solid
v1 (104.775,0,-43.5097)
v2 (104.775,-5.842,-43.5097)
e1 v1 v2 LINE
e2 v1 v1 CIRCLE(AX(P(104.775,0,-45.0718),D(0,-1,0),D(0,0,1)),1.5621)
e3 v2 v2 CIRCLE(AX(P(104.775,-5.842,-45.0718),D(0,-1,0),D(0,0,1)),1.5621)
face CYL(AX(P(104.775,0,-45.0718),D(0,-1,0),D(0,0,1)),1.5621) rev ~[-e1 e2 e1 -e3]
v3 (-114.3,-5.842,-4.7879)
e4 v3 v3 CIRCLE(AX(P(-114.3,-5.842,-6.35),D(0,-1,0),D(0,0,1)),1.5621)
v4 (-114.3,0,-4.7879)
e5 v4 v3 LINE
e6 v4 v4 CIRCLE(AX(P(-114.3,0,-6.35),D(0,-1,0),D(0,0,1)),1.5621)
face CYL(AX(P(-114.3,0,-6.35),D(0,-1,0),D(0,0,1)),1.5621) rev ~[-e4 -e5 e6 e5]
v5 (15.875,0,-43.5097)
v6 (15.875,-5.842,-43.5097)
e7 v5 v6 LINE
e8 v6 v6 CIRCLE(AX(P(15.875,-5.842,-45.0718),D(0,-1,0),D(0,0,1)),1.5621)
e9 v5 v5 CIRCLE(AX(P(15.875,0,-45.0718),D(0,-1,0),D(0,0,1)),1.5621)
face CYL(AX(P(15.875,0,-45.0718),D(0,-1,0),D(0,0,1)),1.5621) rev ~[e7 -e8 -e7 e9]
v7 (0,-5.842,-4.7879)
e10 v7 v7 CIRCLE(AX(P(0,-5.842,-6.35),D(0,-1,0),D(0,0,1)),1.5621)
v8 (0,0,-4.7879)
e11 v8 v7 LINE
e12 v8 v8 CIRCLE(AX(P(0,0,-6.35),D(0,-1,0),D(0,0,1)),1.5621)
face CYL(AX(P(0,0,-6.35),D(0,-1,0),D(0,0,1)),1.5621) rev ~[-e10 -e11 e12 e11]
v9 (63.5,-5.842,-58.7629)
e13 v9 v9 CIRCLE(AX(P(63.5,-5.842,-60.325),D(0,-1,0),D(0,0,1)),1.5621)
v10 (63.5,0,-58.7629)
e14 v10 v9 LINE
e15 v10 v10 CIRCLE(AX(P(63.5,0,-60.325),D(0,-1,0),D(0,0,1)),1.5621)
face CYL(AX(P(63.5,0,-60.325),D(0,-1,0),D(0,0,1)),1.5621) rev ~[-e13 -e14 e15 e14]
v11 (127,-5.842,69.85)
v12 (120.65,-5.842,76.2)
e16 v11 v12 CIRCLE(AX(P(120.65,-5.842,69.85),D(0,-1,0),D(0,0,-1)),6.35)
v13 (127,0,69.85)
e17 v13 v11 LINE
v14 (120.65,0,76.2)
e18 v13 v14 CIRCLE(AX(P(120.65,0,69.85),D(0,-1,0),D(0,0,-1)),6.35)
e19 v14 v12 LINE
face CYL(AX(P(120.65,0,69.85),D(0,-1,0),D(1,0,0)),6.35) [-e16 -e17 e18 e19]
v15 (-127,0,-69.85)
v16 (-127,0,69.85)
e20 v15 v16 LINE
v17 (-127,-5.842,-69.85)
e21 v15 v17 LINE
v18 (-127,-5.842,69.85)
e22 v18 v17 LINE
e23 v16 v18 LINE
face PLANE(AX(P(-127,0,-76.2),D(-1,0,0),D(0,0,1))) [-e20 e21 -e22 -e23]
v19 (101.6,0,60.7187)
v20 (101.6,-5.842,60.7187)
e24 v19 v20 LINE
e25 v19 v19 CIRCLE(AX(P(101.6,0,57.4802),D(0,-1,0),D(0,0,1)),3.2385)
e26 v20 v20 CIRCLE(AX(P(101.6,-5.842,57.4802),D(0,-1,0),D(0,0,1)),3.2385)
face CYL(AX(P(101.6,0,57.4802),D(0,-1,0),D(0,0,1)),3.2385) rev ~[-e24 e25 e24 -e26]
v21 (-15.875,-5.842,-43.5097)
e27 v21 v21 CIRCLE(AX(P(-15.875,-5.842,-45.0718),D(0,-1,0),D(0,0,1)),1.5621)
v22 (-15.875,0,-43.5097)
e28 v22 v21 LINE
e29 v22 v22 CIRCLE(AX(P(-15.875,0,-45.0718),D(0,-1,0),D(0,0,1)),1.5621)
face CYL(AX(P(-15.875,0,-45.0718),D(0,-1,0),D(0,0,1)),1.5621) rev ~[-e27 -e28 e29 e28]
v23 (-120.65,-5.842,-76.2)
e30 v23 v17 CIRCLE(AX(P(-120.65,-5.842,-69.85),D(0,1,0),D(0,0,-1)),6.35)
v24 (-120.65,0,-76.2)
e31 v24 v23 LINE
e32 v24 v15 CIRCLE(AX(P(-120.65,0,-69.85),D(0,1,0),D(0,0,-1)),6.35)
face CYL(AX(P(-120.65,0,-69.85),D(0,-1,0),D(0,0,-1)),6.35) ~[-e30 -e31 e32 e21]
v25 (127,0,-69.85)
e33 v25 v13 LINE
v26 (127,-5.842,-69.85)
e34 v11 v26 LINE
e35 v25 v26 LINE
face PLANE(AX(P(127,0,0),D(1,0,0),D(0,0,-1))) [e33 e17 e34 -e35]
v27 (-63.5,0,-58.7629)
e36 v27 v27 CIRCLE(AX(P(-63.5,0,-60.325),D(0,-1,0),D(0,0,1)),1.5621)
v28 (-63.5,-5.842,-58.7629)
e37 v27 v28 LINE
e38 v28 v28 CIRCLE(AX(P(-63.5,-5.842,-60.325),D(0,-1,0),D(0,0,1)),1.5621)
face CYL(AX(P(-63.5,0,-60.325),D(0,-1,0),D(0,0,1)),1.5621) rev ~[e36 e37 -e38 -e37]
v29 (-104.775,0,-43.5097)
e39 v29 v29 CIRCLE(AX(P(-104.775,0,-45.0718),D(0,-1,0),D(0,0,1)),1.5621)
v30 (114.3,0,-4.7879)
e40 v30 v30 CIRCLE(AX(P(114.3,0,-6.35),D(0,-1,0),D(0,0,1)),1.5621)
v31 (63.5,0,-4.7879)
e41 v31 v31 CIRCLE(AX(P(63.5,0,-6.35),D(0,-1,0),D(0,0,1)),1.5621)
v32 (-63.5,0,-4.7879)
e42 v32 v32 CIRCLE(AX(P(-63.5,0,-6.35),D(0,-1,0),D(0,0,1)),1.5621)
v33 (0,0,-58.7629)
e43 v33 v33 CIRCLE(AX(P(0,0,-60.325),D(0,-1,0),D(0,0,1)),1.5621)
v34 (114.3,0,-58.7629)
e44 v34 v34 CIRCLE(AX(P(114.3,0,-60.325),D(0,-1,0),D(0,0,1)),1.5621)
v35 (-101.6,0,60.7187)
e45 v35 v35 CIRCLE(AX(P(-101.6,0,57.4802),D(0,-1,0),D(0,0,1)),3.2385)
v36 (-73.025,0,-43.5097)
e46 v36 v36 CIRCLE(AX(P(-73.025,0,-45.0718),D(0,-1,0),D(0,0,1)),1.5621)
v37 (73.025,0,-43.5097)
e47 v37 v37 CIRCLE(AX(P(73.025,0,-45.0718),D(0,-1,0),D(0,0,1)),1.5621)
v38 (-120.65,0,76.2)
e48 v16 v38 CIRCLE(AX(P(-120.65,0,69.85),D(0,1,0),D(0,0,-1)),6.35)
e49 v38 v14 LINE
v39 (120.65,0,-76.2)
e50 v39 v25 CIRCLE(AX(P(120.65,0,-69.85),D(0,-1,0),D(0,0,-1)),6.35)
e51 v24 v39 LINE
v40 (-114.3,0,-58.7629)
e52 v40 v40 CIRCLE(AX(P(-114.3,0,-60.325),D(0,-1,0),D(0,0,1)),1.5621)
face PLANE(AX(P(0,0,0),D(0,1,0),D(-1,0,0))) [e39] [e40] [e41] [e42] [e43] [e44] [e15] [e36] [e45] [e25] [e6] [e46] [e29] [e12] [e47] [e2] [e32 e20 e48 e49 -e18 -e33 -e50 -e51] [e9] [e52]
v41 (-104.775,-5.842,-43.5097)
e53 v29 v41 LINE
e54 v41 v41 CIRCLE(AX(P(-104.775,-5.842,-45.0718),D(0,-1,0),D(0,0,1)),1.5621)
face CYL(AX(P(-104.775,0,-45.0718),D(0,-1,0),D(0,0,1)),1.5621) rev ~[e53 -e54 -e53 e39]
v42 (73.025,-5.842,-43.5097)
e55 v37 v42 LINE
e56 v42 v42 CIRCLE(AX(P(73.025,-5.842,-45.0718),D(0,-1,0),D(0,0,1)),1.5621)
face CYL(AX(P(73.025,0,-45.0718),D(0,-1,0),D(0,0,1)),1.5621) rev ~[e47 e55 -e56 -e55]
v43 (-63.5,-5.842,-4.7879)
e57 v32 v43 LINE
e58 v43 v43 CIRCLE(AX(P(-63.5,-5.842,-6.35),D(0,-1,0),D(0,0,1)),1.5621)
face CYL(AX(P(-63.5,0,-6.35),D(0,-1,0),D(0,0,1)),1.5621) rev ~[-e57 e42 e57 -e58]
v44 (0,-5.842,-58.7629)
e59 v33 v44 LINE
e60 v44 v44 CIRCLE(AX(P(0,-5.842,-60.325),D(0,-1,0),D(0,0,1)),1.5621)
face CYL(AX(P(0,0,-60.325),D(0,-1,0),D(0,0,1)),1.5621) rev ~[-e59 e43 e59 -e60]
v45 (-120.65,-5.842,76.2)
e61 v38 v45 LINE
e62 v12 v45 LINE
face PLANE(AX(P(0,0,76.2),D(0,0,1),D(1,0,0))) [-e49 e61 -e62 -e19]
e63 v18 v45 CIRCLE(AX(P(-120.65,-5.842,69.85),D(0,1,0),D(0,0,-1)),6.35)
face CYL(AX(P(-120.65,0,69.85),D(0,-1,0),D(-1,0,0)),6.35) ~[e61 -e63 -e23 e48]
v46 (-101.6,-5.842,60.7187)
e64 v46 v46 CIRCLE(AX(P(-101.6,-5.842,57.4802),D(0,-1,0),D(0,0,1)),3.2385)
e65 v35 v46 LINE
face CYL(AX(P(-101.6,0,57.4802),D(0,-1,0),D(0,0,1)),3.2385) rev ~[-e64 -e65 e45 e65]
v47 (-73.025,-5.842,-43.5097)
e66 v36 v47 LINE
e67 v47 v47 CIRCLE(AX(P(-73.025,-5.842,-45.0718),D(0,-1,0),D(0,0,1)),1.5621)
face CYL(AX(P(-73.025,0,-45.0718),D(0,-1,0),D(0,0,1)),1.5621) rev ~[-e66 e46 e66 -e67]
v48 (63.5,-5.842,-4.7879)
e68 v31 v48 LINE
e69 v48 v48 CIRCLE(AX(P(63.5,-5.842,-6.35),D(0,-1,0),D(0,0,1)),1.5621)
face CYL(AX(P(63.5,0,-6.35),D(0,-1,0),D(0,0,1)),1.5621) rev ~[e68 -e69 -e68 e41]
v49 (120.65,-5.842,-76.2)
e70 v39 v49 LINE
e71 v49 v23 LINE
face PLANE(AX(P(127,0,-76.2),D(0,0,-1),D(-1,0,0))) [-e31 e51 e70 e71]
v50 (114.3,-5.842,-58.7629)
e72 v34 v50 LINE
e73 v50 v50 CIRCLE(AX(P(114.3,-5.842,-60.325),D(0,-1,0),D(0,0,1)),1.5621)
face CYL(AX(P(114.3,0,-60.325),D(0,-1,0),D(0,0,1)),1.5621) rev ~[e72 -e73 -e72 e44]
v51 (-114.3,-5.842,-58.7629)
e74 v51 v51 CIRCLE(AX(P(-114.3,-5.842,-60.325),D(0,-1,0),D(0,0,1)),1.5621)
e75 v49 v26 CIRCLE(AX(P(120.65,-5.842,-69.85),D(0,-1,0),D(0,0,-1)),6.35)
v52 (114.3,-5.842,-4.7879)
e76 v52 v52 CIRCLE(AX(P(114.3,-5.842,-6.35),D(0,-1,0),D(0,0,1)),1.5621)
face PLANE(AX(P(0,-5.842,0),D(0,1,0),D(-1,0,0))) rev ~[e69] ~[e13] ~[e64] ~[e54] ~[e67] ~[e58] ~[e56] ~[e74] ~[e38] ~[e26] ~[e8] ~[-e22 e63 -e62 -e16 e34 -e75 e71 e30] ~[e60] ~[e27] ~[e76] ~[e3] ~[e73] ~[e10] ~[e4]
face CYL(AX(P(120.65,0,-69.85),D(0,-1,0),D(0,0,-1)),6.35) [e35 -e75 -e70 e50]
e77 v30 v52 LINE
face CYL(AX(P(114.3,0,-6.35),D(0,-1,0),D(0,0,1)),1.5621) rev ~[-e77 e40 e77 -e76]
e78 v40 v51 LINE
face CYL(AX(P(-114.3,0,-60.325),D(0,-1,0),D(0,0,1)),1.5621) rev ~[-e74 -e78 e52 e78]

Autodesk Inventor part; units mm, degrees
ref_plane "YZ Plane" through (0, 0, 0) normal (1, 0, 0) x (0, 1, 0)
ref_plane "XZ Plane" through (0, 0, 0) normal (0, 1, 0) x (-1, 0, 0)
ref_plane "XY Plane" through (0, 0, 0) normal (0, 0, 1) x (1, 0, 0)
sketch "Sketch1" plane through (0, 0, 0) normal (0, 1, 0) x (-1, 0, 0)
  line L0 (0, -106.68) -> (0, 106.68) projected
  line L1 (-177.8, 0) -> (177.8, 0) projected
  line L2 (-127, -76.2) -> (127, -76.2)
  line L3 (127, -76.2) -> (127, 76.2)
  line L4 (127, 76.2) -> (-127, 76.2)
  line L5 (-127, 76.2) -> (-127, -76.2)
  line L6 (-127, -76.2) -> (127, 76.2) construction
  line L7 (127, -76.2) -> (-127, 76.2) construction
  line L8 (101.6, 57.4802) -> (-101.6, 57.4802) construction
  line L9 (114.3, -6.35) -> (-114.3, -6.35) construction
  point P0 (0, 0)
  point P1 (0, -6.35)
  point P2 (63.5, -6.35)
  point P3 (-63.5, -6.35)
  dimension "d0" = 254
  dimension "d1" = 152.4
  dimension "d2" = 18.7198
  dimension "d3" = 101.6
  dimension "d4" = 101.6
  dimension "d5" = 82.55
  dimension "d6" = 114.3
  dimension "d7" = 12.7
  dimension "d28" = 50.8
  dimension "d29" = 50.8
extrude "Extrusion1" add sketch "Sketch1" against normal blind 5.842
hole "Hole1" at (-101.6, 0, 57.4802) at (101.6, 0, 57.4802) direction (0, -1, 0) diameter 6.477 end through all
hole "Hole2" at (-114.3, 0, -6.35) at (114.3, 0, -6.35) at (0, 0, -6.35) at (63.5, 0, -6.35) at (-63.5, 0, -6.35) direction (0, -1, 0) diameter 3.1242 end through all
pattern_linear "Rectangular Pattern1" count 2 spacing 53.975 along (0, 0, -1) of "Hole2"
sketch "Sketch2" plane through (0, 0, 0) normal (0, 1, 0) x (1, 0, 0)
  circle A0 centre (-114.3, 60.325) radius 1.5621 projected
  circle A1 centre (-63.5, 60.325) radius 1.5621 projected
  line L0 (-114.3, 60.325) -> (-63.5, 60.325) construction
  line L1 (-88.9, 60.325) -> (-88.9, 44.45) construction
  line L2 (-104.775, 45.0718) -> (-73.025, 45.0718) construction
  point P0 (0, 0)
  dimension "d31" = 31.75
  dimension "d32" = 15.875
  dimension "d33" = 15.875
hole "Hole3" at (-104.775, 0, -45.0718) at (-73.025, 0, -45.0718) direction (0, -1, 0) diameter 3.1242 end through all
fillet "Fillet1" radius 6.35 4 edges at (127, -2.921, 76.2) (127, -2.921, -76.2) (-127, -2.921, 76.2) (-127, -2.921, -76.2)
pattern_linear "Rectangular Pattern2" count 3 spacing 88.9 along (1, 0, 0) of "Hole3"
equation "\"d32\" = 0.5 * d31"
